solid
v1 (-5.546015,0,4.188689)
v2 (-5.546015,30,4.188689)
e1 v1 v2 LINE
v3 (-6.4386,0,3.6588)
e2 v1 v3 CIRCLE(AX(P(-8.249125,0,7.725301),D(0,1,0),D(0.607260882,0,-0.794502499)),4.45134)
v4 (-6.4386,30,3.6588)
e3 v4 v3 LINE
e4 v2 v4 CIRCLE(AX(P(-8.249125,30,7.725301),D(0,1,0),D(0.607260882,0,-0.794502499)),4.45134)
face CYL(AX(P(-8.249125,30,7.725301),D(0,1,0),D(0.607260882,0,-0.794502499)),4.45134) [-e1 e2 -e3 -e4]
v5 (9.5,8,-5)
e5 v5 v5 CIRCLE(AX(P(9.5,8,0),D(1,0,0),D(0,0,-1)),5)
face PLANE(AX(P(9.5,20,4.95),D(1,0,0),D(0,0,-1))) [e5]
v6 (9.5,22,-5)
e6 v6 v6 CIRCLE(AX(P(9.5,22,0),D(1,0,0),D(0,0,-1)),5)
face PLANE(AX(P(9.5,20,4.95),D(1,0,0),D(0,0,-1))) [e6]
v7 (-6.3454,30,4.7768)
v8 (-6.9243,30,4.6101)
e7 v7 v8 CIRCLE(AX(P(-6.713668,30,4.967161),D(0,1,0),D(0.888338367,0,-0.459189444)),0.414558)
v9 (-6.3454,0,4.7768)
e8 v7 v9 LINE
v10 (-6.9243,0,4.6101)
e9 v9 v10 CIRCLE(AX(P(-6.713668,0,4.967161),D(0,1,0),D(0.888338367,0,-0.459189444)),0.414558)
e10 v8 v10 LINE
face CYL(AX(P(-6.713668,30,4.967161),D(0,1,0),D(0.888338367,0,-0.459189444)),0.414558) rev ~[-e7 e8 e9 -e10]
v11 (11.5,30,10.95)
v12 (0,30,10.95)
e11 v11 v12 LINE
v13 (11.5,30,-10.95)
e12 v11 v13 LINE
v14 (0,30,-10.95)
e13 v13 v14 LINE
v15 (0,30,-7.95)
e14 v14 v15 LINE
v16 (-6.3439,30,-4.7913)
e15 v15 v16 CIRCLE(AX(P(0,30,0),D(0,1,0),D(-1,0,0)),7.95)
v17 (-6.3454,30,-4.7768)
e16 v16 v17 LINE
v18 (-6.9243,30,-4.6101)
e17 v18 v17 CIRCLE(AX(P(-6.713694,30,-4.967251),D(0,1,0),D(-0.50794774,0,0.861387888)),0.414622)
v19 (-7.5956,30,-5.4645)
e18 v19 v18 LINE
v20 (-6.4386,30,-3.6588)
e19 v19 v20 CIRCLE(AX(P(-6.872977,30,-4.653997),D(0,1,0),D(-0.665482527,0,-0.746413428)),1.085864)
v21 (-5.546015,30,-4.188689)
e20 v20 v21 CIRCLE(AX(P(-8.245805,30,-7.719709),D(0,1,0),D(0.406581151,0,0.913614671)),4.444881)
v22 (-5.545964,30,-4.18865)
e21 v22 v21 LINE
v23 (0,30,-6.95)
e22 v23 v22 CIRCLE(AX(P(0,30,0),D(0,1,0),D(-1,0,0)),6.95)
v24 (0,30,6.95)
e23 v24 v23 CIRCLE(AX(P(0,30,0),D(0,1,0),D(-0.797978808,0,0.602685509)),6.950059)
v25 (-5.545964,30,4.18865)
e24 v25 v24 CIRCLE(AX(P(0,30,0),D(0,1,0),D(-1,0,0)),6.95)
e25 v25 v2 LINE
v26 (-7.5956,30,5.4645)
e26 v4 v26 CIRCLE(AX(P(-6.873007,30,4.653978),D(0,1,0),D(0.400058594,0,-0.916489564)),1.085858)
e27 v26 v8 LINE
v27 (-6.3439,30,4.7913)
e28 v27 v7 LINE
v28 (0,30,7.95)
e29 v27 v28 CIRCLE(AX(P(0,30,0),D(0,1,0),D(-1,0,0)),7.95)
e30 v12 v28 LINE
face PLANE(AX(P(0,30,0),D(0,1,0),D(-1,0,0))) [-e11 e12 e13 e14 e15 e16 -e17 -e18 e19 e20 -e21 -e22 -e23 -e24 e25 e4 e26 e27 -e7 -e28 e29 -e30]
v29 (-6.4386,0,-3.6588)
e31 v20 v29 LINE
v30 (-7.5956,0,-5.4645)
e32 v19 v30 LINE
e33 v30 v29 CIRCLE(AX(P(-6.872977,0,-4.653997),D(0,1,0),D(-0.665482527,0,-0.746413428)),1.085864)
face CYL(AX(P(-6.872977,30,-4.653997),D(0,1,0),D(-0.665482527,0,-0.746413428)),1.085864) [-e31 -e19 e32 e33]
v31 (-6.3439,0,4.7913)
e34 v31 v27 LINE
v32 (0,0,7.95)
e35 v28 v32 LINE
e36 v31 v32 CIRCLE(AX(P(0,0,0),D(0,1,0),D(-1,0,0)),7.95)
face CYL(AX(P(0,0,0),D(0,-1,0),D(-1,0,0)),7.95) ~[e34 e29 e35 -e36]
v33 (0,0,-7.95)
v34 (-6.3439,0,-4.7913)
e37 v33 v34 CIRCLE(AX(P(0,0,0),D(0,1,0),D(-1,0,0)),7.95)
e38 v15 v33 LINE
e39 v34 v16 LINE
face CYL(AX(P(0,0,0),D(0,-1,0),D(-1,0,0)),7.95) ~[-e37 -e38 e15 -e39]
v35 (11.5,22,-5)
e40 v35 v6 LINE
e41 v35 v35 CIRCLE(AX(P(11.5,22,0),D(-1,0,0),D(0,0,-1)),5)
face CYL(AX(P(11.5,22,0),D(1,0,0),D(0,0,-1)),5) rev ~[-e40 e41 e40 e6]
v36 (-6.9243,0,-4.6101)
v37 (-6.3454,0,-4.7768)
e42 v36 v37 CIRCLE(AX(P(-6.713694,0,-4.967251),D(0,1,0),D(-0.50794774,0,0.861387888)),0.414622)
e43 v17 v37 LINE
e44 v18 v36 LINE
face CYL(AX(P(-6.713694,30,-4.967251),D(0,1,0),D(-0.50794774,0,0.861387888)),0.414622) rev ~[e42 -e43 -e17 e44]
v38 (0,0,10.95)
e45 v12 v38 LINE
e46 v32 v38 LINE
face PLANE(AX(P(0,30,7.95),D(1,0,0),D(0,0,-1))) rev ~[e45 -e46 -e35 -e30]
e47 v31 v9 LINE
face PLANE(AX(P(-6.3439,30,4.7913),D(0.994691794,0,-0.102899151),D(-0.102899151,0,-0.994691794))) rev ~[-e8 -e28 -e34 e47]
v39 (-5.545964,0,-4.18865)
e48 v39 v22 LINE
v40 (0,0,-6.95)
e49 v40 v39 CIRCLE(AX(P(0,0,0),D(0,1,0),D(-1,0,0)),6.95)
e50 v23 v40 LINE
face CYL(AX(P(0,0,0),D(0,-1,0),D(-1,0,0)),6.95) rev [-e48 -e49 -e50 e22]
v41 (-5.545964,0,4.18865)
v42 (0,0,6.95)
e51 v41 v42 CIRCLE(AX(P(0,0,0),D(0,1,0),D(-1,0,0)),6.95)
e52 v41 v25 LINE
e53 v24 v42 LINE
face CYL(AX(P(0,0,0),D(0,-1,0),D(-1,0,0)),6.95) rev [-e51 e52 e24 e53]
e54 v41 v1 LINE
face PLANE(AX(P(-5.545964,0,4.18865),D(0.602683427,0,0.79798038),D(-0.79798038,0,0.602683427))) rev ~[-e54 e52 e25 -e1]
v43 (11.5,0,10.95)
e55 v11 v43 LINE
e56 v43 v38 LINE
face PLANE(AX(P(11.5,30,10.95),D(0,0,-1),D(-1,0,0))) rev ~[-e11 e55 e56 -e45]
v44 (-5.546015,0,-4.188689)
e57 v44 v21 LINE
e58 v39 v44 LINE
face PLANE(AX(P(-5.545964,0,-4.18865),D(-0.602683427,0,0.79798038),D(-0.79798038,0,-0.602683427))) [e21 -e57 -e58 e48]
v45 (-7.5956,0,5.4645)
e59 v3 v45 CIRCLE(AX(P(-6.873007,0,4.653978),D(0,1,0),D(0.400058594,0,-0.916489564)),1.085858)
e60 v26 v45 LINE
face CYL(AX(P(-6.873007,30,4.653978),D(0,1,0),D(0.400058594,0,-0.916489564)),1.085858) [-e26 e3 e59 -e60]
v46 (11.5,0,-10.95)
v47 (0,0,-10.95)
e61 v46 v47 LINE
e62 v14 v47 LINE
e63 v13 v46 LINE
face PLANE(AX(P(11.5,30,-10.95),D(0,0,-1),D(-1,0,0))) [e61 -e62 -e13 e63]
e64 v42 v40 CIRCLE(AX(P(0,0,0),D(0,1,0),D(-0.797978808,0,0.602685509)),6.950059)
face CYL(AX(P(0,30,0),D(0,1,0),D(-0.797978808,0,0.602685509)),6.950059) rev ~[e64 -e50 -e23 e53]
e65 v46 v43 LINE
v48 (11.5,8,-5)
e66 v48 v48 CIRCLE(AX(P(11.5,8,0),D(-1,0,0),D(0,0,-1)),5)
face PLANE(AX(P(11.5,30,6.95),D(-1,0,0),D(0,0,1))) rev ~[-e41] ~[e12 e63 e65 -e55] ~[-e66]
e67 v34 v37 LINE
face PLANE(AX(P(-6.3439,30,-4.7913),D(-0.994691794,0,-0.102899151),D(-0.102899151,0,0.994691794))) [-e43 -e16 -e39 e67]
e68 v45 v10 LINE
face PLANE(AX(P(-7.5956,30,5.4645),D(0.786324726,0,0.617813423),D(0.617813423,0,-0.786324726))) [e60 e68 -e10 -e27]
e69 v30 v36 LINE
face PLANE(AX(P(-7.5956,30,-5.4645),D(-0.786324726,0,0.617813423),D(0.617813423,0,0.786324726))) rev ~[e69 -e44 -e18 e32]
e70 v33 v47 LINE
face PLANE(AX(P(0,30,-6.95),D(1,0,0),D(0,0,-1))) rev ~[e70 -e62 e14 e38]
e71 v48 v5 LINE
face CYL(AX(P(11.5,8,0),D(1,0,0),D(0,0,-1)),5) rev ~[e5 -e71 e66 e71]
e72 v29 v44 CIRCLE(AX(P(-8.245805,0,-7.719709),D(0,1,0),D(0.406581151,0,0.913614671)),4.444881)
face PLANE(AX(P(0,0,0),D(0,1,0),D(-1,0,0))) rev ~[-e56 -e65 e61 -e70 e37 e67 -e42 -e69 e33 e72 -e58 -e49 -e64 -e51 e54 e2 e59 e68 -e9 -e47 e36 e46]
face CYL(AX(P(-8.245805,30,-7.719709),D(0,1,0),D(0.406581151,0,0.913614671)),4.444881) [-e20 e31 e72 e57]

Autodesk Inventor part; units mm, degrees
ref_plane "YZ Plane" through (0, 0, 0) normal (1, 0, 0) x (0, 1, 0)
ref_plane "XZ Plane" through (0, 0, 0) normal (0, 1, 0) x (-1, 0, 0)
ref_plane "XY Plane" through (0, 0, 0) normal (0, 0, 1) x (1, 0, 0)
sketch "Эскиз1" plane through (0, 0, 0) normal (0, 1, 0) x (-1, 0, 0)
  circle A0 centre (0, 0) radius 6.95
  circle A1 centre (0, 0) radius 7.95
  line L0 (0, 0) -> (6.3439, 4.7913)
  line L1 (0, 0) -> (6.3439, -4.7913)
  point P0 (5.546, -4.1887)
  point P1 (5.546, 4.1887)
  dimension "d0" = 13.9
  dimension "d1" = 15.9
extrude "Выдавливание1" add sketch "Эскиз1" along normal blind 30 contours A0 L1 A1 L0 picked at (-7.4629, 1.2262)
sketch "Эскиз2" plane through (0, 30, 0) normal (0, 1, 0) x (1, 0, 0)
  arc A0 (-5.546, -4.1887) -> (-6.4386, -3.6588) centre (-8.2473, -7.7226) ccw
  arc A1 (-6.4386, -3.6588) -> (-7.5956, -5.4645) centre (-6.873, -4.654) ccw
  line L0 (-7.5956, -5.4645) -> (-6.9243, -4.6101)
  arc A2 (-6.3454, -4.7768) -> (-6.9243, -4.6101) centre (-6.7137, -4.9672) ccw
  line L1 (-5.546, -4.1887) -> (-6.3439, -4.7913)
  line L2 (-6.3439, -4.7913) -> (-5.546, -4.1887)
  line L3 (-6.3439, -4.7913) -> (-6.3454, -4.7768)
  line L4 (-0.0151, 0) -> (-3.489, 0)
  arc A3 (-6.4386, 3.6588) -> (-5.546, 4.1887) centre (-8.2473, 7.7226) ccw
  arc A4 (-6.9243, 4.6101) -> (-6.3454, 4.7768) centre (-6.7137, 4.9672) ccw
  line L5 (-5.546, 4.1887) -> (-6.3439, 4.7913)
  line L6 (-6.3439, 4.7913) -> (-5.546, 4.1887)
  line L7 (-6.3439, 4.7913) -> (-6.3454, 4.7768)
  arc A5 (-7.5956, 5.4645) -> (-6.4386, 3.6588) centre (-6.873, 4.654) ccw
  line L8 (-7.5956, 5.4645) -> (-6.9243, 4.6101)
  point P0 (-5.546, 4.1887)
  point P1 (-6.3439, -4.7913)
  point P2 (-5.3694, -4.0591)
  point P3 (-6.3439, 4.7913)
  point P4 (-5.3694, 4.0591)
  point P5 (-6.3439, 4.7913)
  dimension "d25" = 1.0859
sketch "Эскиз3" plane through (0, 30, 0) normal (0, 1, 0) x (1, 0, 0)
  arc A0 (-6.3439, -4.7913) -> (-6.3439, 4.7913) centre (0, 0) ccw projected
  line L0 (11.5, -6.95) -> (11.5, 6.95)
  arc A1 (-5.546, -4.1887) -> (-5.546, 4.1887) centre (0, 0) ccw projected
  line L1 (0, -7.95) -> (0, -6.95)
  line L2 (0, 6.95) -> (0, 7.95)
  line L3 (11.5, 6.95) -> (11.5, 10.95)
  line L4 (11.5, -6.95) -> (11.5, -10.95)
  line L5 (0, 3.45) -> (0, 7.95)
  line L6 (11.5, -10.95) -> (0, -10.95)
  line L7 (0, -10.95) -> (0, -7.95)
  line L8 (11.5, 10.95) -> (0, 10.95)
  line L9 (0, 10.95) -> (0, 7.95)
  arc A2 (0, -6.95) -> (0, 6.95) centre (0, 0) ccw
  dimension "d13" = 4
  dimension "d14" = 4
  dimension "d22" = 21.9
  dimension "d23" = 4
extrude "Выдавливание3" add sketch "Эскиз3" against normal blind 30
ref_plane "РабПлоскость1" through (11.5, 20, 4.95) normal (1, 0, 0) x (0, 0, -1)
sketch "Эскиз4" plane through (11.5, 20, 4.95) normal (1, 0, 0) x (0, 0, -1)
  line L0 (4.95, -20) -> (4.95, 10)
  line L1 (1, 10) -> (8.9, 10) projected
  circle A0 centre (4.95, -12) radius 5
  line L2 (14.4, -20) -> (-4.5, -20) projected
  circle A1 centre (4.95, 2) radius 5
  line L3 (-4.5, 10) -> (14.4, 10) projected
  point P0 (7.3306, 10)
  point P1 (2.5694, 10)
  point P2 (4.95, 10)
  dimension "d15" = 10
  dimension "d16" = 8
  dimension "d17" = 10
  dimension "d18" = 8
extrude "Выдавливание4" cut sketch "Эскиз4" against normal blind 2
extrude "Выдавливание5" add sketch "Эскиз2" against normal blind 30
sketch "Эскиз5" plane through (0, 30, 0) normal (0, 1, 0) x (1, 0, 0)
  arc A0 (0, 7.95) -> (-6.3439, 4.7913) centre (0, 0) ccw projected
  line L0 (-6.3439, 4.7913) -> (-6.3454, 4.7768) projected
  arc A1 (-6.9243, 4.6101) -> (-6.3454, 4.7768) centre (-6.7137, 4.9672) ccw projected
  line L1 (-6.9243, 4.6101) -> (-7.5956, 5.4645) projected
  arc A2 (-7.5956, 5.4645) -> (-6.4386, 3.6588) centre (-6.873, 4.654) ccw projected
  arc A3 (-6.4386, 3.6588) -> (-5.546, 4.1887) centre (-8.2473, 7.7226) ccw projected
  arc A4 (-5.546, -4.1887) -> (-5.546, 4.1887) centre (0, 0) ccw projected
  arc A5 (-5.546, -4.1887) -> (-6.4386, -3.6588) centre (-8.2473, -7.7226) ccw projected
  arc A6 (-6.4386, -3.6588) -> (-7.5956, -5.4645) centre (-6.873, -4.654) ccw projected
  line L2 (-7.5956, -5.4645) -> (-6.9243, -4.6101) projected
  arc A7 (-6.3454, -4.7768) -> (-6.9243, -4.6101) centre (-6.7137, -4.9672) ccw projected
  line L3 (-6.3454, -4.7768) -> (-6.3439, -4.7913) projected
  arc A8 (-6.3439, -4.7913) -> (0, -7.95) centre (0, 0) ccw projected
  line L4 (0, -7.95) -> (0, -10.95) projected
  line L5 (0, -10.95) -> (11.5, -10.95) projected
  line L6 (11.5, -10.95) -> (11.5, 10.95) projected
  line L7 (11.5, 10.95) -> (0, 10.95) projected
  line L8 (0, 10.95) -> (0, 7.95) projected
  line L9 (0, 6.95) -> (0, 7.95)
  line L10 (0, -6.95) -> (0, -7.95)
extrude "Выдавливание6" [suppressed]
sketch "Эскиз6" plane through (11.5, 30, 10.95) normal (1, 0, 0) x (0, 0, -1)
  arc A0 (15.95, -22) -> (15.95, -22) centre (10.95, -22) ccw projected
  arc A1 (15.95, -8) -> (15.95, -8) centre (10.95, -8) ccw projected
  point P0 (10.95, -30)
extrude "Выдавливание7" [suppressed]
properties part number "крепление маркера 14мм"
